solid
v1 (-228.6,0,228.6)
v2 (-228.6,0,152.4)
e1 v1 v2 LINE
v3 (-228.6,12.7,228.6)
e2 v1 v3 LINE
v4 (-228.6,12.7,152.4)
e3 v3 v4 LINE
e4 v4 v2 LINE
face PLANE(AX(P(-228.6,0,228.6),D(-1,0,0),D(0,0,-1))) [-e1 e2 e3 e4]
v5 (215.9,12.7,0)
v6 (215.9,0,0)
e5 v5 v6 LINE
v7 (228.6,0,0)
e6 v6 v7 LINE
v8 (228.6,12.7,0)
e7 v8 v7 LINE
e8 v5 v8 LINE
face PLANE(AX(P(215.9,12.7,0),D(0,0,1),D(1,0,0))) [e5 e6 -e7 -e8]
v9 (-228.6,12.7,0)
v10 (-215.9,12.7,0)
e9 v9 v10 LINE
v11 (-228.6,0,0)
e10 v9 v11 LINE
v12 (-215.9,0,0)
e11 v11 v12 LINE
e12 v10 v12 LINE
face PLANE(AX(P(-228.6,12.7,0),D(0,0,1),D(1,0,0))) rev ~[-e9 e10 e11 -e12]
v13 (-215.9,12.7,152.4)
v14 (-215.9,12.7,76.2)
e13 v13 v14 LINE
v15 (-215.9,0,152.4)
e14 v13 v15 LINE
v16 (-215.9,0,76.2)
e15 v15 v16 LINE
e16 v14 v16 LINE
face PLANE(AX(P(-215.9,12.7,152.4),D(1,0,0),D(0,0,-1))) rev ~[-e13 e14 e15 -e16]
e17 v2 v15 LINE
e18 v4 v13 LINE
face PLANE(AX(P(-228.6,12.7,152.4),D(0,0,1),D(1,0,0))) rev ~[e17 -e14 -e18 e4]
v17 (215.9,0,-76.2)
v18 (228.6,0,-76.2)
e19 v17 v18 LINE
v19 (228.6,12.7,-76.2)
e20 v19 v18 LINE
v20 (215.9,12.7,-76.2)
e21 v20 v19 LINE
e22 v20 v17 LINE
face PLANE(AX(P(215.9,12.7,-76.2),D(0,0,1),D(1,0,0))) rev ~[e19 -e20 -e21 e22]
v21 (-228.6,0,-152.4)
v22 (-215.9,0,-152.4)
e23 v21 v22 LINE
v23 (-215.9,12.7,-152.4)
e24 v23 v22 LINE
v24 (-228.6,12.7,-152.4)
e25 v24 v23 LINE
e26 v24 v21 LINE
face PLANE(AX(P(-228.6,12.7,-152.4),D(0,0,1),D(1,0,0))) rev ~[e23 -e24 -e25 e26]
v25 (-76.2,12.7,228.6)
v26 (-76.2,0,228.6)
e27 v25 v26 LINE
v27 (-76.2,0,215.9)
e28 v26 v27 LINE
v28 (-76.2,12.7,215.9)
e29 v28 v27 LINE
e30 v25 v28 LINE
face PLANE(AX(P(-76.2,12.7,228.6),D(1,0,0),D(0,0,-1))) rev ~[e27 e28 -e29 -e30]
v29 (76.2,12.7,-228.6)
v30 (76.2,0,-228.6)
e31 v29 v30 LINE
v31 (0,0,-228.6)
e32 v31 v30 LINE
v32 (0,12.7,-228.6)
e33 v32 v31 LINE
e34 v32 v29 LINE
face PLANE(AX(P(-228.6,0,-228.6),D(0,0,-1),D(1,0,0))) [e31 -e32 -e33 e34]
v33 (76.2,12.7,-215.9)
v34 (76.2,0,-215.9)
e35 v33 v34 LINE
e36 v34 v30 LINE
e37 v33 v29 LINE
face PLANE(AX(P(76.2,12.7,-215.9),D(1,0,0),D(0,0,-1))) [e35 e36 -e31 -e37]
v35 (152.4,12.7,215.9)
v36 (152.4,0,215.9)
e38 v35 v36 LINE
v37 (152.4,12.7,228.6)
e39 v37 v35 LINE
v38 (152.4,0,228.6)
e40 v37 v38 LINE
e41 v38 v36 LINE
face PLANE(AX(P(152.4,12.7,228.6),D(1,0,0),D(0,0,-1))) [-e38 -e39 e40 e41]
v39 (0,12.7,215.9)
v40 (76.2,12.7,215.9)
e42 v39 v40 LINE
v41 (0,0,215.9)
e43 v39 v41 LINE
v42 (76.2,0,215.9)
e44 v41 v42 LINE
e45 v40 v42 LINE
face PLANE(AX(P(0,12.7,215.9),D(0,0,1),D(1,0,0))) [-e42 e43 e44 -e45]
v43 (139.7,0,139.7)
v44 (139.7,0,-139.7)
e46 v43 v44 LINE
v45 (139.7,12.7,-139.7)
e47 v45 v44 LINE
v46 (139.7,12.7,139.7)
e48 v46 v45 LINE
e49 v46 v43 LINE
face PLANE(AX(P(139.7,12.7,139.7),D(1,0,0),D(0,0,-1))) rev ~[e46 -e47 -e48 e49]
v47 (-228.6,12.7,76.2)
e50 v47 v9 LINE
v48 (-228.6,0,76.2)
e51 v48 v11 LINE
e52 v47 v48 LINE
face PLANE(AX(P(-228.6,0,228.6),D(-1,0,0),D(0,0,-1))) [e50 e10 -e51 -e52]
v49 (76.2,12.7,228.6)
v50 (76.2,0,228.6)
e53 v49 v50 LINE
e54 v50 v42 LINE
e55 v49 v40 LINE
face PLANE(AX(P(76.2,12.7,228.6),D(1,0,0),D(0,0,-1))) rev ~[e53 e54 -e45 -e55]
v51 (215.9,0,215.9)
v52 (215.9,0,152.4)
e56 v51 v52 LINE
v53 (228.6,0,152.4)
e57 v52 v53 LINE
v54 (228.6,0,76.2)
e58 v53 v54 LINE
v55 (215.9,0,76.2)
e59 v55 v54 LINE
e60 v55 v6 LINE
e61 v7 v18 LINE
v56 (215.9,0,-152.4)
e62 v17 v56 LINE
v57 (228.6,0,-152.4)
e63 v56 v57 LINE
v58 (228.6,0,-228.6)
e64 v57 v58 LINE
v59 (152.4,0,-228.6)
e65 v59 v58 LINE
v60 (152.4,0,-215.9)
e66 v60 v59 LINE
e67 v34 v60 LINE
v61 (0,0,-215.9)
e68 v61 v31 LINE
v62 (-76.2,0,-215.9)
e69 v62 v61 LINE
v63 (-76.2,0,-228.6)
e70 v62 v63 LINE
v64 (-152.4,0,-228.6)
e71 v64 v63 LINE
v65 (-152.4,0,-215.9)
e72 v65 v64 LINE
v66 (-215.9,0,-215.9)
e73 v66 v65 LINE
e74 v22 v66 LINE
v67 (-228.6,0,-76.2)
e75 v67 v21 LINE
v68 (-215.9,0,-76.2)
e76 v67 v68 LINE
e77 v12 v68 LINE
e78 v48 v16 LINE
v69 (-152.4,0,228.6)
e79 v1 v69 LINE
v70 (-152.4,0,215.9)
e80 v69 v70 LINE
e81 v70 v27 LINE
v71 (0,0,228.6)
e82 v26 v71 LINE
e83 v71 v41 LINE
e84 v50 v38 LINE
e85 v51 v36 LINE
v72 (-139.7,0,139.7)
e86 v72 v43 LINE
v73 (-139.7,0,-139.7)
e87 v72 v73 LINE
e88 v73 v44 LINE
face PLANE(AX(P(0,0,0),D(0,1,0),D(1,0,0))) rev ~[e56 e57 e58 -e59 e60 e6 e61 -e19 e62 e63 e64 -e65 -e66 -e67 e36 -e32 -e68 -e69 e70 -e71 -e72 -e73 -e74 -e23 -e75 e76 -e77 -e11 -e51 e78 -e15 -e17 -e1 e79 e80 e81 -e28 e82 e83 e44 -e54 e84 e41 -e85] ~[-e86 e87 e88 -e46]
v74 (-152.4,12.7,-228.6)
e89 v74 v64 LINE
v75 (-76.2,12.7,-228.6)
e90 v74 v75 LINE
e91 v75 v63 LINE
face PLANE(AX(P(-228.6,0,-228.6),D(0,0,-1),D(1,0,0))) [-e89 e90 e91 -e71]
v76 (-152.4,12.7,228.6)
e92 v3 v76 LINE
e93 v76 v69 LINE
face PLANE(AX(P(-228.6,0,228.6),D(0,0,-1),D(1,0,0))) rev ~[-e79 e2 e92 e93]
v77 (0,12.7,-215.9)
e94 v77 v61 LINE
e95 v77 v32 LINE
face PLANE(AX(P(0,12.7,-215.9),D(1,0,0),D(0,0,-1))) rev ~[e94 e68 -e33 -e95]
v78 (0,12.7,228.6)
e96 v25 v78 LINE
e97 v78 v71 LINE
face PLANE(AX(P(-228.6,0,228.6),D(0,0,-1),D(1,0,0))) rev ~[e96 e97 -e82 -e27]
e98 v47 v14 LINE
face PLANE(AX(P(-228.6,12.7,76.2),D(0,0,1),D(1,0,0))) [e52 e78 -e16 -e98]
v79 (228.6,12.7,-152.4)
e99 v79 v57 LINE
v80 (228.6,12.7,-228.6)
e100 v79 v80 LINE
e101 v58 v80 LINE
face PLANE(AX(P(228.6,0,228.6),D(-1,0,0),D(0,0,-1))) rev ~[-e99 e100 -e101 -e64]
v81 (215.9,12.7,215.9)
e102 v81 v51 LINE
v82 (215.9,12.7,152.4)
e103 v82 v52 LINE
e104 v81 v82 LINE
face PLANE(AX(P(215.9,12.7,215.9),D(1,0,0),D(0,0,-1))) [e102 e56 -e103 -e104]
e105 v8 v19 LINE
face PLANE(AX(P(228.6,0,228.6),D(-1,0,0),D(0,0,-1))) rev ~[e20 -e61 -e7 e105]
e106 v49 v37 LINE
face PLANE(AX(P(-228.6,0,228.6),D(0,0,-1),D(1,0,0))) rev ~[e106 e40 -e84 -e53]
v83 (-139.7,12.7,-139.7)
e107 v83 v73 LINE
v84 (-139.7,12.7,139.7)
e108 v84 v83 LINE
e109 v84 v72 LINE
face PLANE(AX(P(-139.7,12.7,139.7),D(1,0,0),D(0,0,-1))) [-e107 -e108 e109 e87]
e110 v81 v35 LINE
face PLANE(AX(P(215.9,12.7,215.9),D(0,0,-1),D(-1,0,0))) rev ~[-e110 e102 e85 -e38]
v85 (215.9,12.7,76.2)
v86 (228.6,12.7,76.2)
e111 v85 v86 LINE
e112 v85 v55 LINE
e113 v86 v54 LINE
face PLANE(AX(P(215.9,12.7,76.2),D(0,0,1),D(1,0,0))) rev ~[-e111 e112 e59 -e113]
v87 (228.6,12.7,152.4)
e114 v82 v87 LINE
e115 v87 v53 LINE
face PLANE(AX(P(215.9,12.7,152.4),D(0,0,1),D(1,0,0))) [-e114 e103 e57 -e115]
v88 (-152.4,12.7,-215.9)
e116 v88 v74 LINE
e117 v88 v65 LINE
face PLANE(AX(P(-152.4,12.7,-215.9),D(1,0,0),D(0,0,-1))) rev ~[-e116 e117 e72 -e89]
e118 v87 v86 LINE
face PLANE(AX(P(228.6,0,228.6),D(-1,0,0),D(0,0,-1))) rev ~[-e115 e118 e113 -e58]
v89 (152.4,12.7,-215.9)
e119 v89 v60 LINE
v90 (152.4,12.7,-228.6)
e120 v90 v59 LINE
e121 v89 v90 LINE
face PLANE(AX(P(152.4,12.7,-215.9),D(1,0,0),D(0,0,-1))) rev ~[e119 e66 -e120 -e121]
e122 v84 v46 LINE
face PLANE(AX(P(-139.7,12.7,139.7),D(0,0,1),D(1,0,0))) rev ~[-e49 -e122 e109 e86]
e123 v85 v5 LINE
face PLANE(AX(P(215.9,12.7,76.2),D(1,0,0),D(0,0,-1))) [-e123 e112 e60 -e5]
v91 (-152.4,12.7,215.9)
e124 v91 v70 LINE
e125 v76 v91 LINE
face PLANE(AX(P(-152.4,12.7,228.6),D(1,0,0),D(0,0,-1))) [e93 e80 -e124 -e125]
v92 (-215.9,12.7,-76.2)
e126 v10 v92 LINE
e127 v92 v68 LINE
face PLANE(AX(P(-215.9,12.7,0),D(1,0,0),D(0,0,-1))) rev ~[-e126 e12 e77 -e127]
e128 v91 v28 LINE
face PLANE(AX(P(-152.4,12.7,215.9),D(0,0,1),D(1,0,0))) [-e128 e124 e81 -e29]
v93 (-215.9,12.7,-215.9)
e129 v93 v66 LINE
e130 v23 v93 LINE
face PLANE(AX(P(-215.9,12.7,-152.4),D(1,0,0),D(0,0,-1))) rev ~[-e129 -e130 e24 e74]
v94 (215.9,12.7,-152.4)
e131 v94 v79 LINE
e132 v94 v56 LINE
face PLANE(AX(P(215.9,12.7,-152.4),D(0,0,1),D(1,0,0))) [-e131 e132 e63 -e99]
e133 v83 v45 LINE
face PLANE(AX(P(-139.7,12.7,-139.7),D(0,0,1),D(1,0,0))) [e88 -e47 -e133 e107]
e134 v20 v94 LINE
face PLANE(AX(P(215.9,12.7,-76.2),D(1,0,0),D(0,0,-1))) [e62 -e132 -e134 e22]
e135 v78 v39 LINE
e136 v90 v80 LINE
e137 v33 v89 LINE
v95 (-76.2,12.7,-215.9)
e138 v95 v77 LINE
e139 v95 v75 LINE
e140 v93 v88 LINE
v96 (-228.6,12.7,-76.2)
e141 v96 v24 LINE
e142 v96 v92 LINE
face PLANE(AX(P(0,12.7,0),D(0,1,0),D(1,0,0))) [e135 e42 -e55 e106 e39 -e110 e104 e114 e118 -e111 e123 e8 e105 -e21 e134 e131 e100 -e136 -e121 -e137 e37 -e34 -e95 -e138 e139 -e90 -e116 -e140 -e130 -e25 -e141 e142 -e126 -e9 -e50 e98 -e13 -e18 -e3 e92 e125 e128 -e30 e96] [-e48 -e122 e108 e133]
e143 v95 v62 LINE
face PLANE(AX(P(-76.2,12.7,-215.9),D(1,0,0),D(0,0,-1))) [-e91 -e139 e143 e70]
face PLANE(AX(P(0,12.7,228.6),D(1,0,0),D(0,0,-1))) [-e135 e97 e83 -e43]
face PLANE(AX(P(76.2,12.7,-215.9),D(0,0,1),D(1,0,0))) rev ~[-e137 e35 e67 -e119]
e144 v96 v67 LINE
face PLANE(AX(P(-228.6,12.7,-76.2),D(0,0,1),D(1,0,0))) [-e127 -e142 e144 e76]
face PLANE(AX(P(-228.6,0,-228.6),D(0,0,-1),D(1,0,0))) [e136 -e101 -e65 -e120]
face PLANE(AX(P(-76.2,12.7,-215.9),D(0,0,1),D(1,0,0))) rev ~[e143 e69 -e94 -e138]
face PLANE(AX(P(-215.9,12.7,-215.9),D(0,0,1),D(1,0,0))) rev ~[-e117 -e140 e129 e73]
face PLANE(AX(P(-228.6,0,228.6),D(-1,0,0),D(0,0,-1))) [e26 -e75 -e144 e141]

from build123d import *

# Parameters (mm, degrees)
SKETCH1_W           = 457.2
SKETCH1_H           = 457.2
BOSS_EXTRUDE1_DEPTH = 12.7
SKETCH2_W           = 279.4
SKETCH2_H           = 279.4
CUT_EXTRUDE1_DEPTH  = 324.538575753
SKETCH3_W           = 12.7
SKETCH3_H           = 12.7
SKETCH3_W_2         = 63.5
SKETCH3_H_2         = 63.5
SKETCH3_W_3         = 76.2
SKETCH3_H_3         = 76.2
CUT_EXTRUDE2_DEPTH  = 324.538575753


with BuildPart() as part:
    # Sketch1 → Boss-Extrude1 (new body)
    with BuildSketch(Plane(origin=(0, 0, 0), x_dir=(1, 0, 0), z_dir=(0, 1, 0))):
        Rectangle(SKETCH1_W, SKETCH1_H)
    extrude(amount=BOSS_EXTRUDE1_DEPTH)

    # Sketch2 → Cut-Extrude1 (cut, through all)
    with BuildSketch(Plane(origin=(0, 12.7, 0), x_dir=(1, 0, 0), z_dir=(0, 1, 0))):
        Rectangle(SKETCH2_W, SKETCH2_H)
    extrude(amount=-CUT_EXTRUDE1_DEPTH, mode=Mode.SUBTRACT)

    # Sketch3 → Cut-Extrude2 (cut, through all)
    with BuildSketch(Plane(origin=(0, 12.7, 0), x_dir=(1, 0, 0), z_dir=(0, 1, 0))):
        with Locations((-222.25, 222.25)):
            Rectangle(SKETCH3_W, SKETCH3_H)
        with Locations((-184.15, 222.25)):
            Rectangle(SKETCH3_W_2, SKETCH3_H)
        with Locations((-222.25, 184.15)):
            Rectangle(SKETCH3_W, SKETCH3_H_2)
        with Locations((-38.1, 222.25)):
            Rectangle(SKETCH3_W_3, SKETCH3_H)
        with Locations((114.3, 222.25)):
            Rectangle(SKETCH3_W_3, SKETCH3_H)
        with Locations((222.25, -222.25)):
            Rectangle(SKETCH3_W, SKETCH3_H)
        with Locations((184.15, -222.25)):
            Rectangle(SKETCH3_W_2, SKETCH3_H)
        with Locations((222.25, -184.15)):
            Rectangle(SKETCH3_W, SKETCH3_H_2)
        with Locations((222.25, -38.1)):
            Rectangle(SKETCH3_W, SKETCH3_H_3)
        with Locations((222.25, 114.3)):
            Rectangle(SKETCH3_W, SKETCH3_H_3)
        with Locations((38.1, -222.25)):
            Rectangle(SKETCH3_W_3, SKETCH3_H)
        with Locations((-114.3, -222.25)):
            Rectangle(SKETCH3_W_3, SKETCH3_H)
        with Locations((-222.25, 38.1)):
            Rectangle(SKETCH3_W, SKETCH3_H_3)
        with Locations((-222.25, -114.3)):
            Rectangle(SKETCH3_W, SKETCH3_H_3)
    extrude(amount=-CUT_EXTRUDE2_DEPTH, mode=Mode.SUBTRACT)


solid = part.part
